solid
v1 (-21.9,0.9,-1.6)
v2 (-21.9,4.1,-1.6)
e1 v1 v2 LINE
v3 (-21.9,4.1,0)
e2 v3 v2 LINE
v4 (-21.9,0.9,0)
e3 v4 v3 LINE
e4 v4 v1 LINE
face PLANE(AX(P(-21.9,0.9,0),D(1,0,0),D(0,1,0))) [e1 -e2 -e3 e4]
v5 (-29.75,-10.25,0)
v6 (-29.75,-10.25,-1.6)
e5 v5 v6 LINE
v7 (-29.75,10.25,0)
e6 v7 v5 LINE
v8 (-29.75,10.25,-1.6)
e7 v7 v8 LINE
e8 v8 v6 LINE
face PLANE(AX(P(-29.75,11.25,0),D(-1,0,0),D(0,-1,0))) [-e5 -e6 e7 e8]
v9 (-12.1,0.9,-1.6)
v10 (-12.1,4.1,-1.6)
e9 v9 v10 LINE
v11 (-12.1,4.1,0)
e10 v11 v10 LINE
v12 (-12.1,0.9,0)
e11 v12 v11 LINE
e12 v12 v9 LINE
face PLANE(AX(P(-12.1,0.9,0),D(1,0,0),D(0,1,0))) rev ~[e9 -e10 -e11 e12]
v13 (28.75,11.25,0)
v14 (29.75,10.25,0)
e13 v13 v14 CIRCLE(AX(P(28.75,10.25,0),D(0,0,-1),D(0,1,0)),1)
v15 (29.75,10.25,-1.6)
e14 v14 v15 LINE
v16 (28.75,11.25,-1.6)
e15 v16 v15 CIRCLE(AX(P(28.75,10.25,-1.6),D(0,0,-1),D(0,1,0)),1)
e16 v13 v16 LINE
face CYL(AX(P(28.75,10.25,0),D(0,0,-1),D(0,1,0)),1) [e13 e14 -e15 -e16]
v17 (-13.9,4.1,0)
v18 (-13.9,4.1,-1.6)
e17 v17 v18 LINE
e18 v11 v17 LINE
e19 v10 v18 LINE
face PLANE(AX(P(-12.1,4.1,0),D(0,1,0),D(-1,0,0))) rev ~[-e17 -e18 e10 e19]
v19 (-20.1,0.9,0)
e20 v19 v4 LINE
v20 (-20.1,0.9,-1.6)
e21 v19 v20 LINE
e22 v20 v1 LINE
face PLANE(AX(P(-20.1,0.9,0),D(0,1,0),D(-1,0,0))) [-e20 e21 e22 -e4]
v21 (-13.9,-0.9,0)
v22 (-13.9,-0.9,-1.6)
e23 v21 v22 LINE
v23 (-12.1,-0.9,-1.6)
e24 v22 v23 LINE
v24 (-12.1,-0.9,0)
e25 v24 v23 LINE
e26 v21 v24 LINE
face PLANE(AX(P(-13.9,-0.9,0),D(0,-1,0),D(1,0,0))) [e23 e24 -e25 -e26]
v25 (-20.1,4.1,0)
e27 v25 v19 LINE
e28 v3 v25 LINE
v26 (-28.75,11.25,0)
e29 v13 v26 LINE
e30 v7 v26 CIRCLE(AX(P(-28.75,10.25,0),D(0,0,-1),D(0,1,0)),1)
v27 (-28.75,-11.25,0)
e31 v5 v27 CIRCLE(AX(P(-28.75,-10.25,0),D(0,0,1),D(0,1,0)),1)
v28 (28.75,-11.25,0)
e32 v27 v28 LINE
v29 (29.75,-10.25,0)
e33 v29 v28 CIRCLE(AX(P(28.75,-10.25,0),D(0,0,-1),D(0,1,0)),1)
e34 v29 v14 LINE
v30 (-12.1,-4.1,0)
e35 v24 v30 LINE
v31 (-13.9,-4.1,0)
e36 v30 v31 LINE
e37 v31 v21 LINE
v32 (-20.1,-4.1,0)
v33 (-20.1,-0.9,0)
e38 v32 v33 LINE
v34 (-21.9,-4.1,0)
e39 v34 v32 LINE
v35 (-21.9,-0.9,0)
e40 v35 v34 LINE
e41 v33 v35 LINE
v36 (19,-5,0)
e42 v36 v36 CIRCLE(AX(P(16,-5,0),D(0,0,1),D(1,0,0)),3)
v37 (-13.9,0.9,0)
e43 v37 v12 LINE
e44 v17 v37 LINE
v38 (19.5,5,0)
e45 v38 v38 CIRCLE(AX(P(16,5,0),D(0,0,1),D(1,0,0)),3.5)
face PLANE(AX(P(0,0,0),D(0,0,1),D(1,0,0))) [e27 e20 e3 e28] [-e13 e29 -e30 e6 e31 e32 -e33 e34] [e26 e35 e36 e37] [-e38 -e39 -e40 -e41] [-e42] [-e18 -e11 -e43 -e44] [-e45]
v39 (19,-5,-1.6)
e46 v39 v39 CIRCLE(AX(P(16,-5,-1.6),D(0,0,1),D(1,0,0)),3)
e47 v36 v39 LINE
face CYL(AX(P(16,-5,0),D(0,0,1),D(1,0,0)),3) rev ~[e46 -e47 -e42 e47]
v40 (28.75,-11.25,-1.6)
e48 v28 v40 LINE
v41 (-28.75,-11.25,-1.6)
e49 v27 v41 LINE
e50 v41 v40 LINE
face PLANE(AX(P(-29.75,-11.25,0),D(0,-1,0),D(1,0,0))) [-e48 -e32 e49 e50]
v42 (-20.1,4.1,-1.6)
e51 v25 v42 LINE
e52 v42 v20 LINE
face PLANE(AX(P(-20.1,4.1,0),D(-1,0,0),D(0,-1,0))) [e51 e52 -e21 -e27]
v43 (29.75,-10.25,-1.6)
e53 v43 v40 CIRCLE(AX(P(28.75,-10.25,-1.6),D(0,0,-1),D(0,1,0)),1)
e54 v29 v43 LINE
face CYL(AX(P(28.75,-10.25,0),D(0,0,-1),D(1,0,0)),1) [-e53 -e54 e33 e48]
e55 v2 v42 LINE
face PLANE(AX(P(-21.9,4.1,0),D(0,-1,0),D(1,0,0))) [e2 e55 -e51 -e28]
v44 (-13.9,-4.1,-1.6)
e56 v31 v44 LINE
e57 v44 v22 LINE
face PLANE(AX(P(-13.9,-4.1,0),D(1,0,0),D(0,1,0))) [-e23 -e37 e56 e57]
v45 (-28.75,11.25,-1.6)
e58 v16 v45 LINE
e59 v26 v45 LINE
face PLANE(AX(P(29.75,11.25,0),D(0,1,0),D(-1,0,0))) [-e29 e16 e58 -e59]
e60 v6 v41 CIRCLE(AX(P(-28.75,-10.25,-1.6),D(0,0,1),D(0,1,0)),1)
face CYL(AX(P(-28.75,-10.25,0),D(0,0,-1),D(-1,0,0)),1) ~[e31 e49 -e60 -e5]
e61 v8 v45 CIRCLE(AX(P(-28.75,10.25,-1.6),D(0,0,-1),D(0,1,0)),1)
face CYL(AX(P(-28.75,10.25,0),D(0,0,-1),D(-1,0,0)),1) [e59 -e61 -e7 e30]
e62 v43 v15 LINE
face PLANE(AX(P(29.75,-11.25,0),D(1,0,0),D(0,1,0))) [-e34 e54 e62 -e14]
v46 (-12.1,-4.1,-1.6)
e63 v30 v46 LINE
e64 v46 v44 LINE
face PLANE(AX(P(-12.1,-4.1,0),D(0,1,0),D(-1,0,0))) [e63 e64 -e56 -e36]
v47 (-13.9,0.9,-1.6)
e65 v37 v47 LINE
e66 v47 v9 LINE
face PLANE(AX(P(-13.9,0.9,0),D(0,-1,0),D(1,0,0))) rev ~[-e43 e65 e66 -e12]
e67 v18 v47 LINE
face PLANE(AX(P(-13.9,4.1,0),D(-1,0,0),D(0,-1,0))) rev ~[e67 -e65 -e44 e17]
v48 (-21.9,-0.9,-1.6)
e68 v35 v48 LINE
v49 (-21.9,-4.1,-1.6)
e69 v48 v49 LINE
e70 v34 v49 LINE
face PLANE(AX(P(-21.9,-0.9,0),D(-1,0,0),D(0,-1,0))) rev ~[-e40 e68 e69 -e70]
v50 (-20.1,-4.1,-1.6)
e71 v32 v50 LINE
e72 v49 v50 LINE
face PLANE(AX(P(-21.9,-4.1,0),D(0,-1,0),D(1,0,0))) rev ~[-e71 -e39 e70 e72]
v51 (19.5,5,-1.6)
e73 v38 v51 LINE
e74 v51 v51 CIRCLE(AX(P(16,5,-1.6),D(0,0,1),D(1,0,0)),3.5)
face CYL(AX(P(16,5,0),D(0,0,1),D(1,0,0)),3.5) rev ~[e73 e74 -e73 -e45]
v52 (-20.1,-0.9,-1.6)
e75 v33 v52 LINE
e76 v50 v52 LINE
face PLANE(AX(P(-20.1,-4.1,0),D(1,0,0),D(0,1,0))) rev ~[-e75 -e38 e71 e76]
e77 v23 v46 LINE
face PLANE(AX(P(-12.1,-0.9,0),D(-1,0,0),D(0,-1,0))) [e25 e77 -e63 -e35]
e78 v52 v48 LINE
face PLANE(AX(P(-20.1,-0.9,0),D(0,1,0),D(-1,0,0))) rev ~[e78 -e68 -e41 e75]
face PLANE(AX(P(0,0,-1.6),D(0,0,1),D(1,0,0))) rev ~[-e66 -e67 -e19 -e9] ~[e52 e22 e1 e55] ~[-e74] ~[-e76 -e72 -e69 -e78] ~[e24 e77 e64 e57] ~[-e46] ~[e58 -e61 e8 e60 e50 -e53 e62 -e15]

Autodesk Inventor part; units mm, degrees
ref_plane "YZ Plane" through (0, 0, 0) normal (1, 0, 0) x (0, 1, 0)
ref_plane "XZ Plane" through (0, 0, 0) normal (0, 1, 0) x (-1, 0, 0)
ref_plane "XY Plane" through (0, 0, 0) normal (0, 0, 1) x (1, 0, 0)
sketch "Sketch1" plane through (0, 0, 0) normal (0, 0, 1) x (1, 0, 0)
  line L0 (-29.75, -11.25) -> (29.75, -11.25)
  line L1 (29.75, -11.25) -> (29.75, 11.25)
  line L2 (29.75, 11.25) -> (-29.75, 11.25)
  line L3 (-29.75, 11.25) -> (-29.75, -11.25)
  line L4 (-29.75, -11.25) -> (29.75, 11.25) construction
  line L5 (29.75, -11.25) -> (-29.75, 11.25) construction
  point P0 (0, 0)
  dimension "d0" = 59.5
  dimension "d1" = 22.5
extrude "Extrusion1" add sketch "Sketch1" against normal blind 1.6
fillet "Fillet1" radius 1 4 edges at (29.75, 11.25, -0.8) (-29.75, 11.25, -0.8) (29.75, -11.25, -0.8) (-29.75, -11.25, -0.8)
sketch "Sketch2" plane through (0, 0, 0) normal (0, 0, 1) x (1, 0, 0)
  line L0 (-21.9, 4.1) -> (-20.1, 4.1)
  line L1 (-20.1, 4.1) -> (-20.1, 0.9)
  line L2 (-20.1, 0.9) -> (-21.9, 0.9)
  line L3 (-21.9, 0.9) -> (-21.9, 4.1)
  line L4 (-21.9, 4.1) -> (-20.1, 0.9) construction
  line L5 (-20.1, 4.1) -> (-21.9, 0.9) construction
  line L6 (-20.1, -0.9) -> (-21.9, -0.9)
  line L7 (-21.9, -0.9) -> (-21.9, -4.1)
  line L8 (-21.9, -4.1) -> (-20.1, -4.1)
  line L9 (-20.1, -4.1) -> (-20.1, -0.9)
  line L10 (-20.1, -0.9) -> (-21.9, -4.1) construction
  line L11 (-21.9, -0.9) -> (-20.1, -4.1) construction
  line L12 (-17, 0) -> (-17, 5.3945) construction
  line L13 (-12.1, 4.1) -> (-13.9, 4.1)
  line L14 (-13.9, 4.1) -> (-13.9, 0.9)
  line L15 (-13.9, 0.9) -> (-12.1, 0.9)
  line L16 (-12.1, 0.9) -> (-12.1, 4.1)
  line L17 (-12.1, 4.1) -> (-13.9, 0.9) construction
  line L18 (-13.9, 4.1) -> (-12.1, 0.9) construction
  line L19 (-13.9, -0.9) -> (-12.1, -0.9)
  line L20 (-12.1, -0.9) -> (-12.1, -4.1)
  line L21 (-12.1, -4.1) -> (-13.9, -4.1)
  line L22 (-13.9, -4.1) -> (-13.9, -0.9)
  line L23 (-13.9, -0.9) -> (-12.1, -4.1) construction
  line L24 (-12.1, -0.9) -> (-13.9, -4.1) construction
  line L25 (-29.75, 10.25) -> (-29.75, -10.25) projected
  line L26 (-28.75, -11.25) -> (28.75, -11.25) projected
  point P0 (0, 0)
  point P1 (-21, 2.5)
  point P2 (-21, -2.5)
  point P3 (-13, 2.5)
  point P4 (-13, -2.5)
  dimension "d5" = 17
  dimension "d6" = 1.8
  dimension "d7" = 0.9
  dimension "d8" = 0
  dimension "d10" = 1.8
  dimension "d11" = 1.8
  dimension "d12" = 3.2
  dimension "d13" = 3.2
  dimension "d16" = 4
  dimension "d17" = 8.75
  dimension "d28" = 11.25
  dimension "d29" = 16.75
extrude "Extrusion2" cut sketch "Sketch2" against normal blind 1.6
sketch "Sketch3" plane through (0, 0, 0) normal (0, 0, 1) x (1, 0, 0)
  line L0 (-29.75, 10.25) -> (-29.75, -10.25) construction
  line L1 (16, 5) -> (16, -5) construction
  circle A0 centre (16, 5) radius 3.5
  circle A1 centre (16, -5) radius 3
  line L2 (-28.75, -11.25) -> (28.75, -11.25) projected
  point P0 (0, 0)
  dimension "d18" = 7
  dimension "d19" = 6
  dimension "d20" = 10
  dimension "d21" = 5
  dimension "d22" = 16
  dimension "d25" = 45.75
  dimension "d26" = 6.25
  dimension "d27" = 16.25
extrude "Extrusion3" cut sketch "Sketch3" against normal through all
sketch "Sketch4" plane through (0, 0, 0) normal (0, 0, 1) x (1, 0, 0)
  line L0 (-29.75, 11.25) -> (29.75, 11.25) construction
  line L1 (29.75, 11.25) -> (29.75, -11.2319) construction
  line L2 (29.75, -11.2319) -> (-29.75, -11.2319) construction
  line L3 (-29.75, -11.2319) -> (-29.75, 11.25) construction
  line L4 (28.75, 11.25) -> (-28.75, 11.25) projected
  line L5 (-29.75, 10.25) -> (-29.75, -10.25) projected
  line L6 (29.75, -10.25) -> (29.75, 10.25) projected
  point P0 (0, 0)
decal "Decal1"
sketch "Sketch5" plane through (0, 0, -1.6) normal (0, 0, -1) x (-1, 0, 0)
  line L0 (-29.75, 11.25) -> (29.75, 11.25) construction
  line L1 (29.75, 11.25) -> (29.75, -11.2319) construction
  line L2 (29.75, -11.2319) -> (-29.75, -11.2319) construction
  line L3 (-29.75, -11.2319) -> (-29.75, 11.25) construction
  line L4 (28.75, 11.25) -> (-28.75, 11.25) projected
  line L5 (-29.75, 10.25) -> (-29.75, -10.25) projected
  line L6 (29.75, -10.25) -> (29.75, 10.25) projected
  point P0 (0, 0)
decal "Decal2"
equation "\"d7\" = 0.5 * d6"
equation "\"d21\" = 0.5 * d20"
properties part number "KeyerFront_Iambic"
